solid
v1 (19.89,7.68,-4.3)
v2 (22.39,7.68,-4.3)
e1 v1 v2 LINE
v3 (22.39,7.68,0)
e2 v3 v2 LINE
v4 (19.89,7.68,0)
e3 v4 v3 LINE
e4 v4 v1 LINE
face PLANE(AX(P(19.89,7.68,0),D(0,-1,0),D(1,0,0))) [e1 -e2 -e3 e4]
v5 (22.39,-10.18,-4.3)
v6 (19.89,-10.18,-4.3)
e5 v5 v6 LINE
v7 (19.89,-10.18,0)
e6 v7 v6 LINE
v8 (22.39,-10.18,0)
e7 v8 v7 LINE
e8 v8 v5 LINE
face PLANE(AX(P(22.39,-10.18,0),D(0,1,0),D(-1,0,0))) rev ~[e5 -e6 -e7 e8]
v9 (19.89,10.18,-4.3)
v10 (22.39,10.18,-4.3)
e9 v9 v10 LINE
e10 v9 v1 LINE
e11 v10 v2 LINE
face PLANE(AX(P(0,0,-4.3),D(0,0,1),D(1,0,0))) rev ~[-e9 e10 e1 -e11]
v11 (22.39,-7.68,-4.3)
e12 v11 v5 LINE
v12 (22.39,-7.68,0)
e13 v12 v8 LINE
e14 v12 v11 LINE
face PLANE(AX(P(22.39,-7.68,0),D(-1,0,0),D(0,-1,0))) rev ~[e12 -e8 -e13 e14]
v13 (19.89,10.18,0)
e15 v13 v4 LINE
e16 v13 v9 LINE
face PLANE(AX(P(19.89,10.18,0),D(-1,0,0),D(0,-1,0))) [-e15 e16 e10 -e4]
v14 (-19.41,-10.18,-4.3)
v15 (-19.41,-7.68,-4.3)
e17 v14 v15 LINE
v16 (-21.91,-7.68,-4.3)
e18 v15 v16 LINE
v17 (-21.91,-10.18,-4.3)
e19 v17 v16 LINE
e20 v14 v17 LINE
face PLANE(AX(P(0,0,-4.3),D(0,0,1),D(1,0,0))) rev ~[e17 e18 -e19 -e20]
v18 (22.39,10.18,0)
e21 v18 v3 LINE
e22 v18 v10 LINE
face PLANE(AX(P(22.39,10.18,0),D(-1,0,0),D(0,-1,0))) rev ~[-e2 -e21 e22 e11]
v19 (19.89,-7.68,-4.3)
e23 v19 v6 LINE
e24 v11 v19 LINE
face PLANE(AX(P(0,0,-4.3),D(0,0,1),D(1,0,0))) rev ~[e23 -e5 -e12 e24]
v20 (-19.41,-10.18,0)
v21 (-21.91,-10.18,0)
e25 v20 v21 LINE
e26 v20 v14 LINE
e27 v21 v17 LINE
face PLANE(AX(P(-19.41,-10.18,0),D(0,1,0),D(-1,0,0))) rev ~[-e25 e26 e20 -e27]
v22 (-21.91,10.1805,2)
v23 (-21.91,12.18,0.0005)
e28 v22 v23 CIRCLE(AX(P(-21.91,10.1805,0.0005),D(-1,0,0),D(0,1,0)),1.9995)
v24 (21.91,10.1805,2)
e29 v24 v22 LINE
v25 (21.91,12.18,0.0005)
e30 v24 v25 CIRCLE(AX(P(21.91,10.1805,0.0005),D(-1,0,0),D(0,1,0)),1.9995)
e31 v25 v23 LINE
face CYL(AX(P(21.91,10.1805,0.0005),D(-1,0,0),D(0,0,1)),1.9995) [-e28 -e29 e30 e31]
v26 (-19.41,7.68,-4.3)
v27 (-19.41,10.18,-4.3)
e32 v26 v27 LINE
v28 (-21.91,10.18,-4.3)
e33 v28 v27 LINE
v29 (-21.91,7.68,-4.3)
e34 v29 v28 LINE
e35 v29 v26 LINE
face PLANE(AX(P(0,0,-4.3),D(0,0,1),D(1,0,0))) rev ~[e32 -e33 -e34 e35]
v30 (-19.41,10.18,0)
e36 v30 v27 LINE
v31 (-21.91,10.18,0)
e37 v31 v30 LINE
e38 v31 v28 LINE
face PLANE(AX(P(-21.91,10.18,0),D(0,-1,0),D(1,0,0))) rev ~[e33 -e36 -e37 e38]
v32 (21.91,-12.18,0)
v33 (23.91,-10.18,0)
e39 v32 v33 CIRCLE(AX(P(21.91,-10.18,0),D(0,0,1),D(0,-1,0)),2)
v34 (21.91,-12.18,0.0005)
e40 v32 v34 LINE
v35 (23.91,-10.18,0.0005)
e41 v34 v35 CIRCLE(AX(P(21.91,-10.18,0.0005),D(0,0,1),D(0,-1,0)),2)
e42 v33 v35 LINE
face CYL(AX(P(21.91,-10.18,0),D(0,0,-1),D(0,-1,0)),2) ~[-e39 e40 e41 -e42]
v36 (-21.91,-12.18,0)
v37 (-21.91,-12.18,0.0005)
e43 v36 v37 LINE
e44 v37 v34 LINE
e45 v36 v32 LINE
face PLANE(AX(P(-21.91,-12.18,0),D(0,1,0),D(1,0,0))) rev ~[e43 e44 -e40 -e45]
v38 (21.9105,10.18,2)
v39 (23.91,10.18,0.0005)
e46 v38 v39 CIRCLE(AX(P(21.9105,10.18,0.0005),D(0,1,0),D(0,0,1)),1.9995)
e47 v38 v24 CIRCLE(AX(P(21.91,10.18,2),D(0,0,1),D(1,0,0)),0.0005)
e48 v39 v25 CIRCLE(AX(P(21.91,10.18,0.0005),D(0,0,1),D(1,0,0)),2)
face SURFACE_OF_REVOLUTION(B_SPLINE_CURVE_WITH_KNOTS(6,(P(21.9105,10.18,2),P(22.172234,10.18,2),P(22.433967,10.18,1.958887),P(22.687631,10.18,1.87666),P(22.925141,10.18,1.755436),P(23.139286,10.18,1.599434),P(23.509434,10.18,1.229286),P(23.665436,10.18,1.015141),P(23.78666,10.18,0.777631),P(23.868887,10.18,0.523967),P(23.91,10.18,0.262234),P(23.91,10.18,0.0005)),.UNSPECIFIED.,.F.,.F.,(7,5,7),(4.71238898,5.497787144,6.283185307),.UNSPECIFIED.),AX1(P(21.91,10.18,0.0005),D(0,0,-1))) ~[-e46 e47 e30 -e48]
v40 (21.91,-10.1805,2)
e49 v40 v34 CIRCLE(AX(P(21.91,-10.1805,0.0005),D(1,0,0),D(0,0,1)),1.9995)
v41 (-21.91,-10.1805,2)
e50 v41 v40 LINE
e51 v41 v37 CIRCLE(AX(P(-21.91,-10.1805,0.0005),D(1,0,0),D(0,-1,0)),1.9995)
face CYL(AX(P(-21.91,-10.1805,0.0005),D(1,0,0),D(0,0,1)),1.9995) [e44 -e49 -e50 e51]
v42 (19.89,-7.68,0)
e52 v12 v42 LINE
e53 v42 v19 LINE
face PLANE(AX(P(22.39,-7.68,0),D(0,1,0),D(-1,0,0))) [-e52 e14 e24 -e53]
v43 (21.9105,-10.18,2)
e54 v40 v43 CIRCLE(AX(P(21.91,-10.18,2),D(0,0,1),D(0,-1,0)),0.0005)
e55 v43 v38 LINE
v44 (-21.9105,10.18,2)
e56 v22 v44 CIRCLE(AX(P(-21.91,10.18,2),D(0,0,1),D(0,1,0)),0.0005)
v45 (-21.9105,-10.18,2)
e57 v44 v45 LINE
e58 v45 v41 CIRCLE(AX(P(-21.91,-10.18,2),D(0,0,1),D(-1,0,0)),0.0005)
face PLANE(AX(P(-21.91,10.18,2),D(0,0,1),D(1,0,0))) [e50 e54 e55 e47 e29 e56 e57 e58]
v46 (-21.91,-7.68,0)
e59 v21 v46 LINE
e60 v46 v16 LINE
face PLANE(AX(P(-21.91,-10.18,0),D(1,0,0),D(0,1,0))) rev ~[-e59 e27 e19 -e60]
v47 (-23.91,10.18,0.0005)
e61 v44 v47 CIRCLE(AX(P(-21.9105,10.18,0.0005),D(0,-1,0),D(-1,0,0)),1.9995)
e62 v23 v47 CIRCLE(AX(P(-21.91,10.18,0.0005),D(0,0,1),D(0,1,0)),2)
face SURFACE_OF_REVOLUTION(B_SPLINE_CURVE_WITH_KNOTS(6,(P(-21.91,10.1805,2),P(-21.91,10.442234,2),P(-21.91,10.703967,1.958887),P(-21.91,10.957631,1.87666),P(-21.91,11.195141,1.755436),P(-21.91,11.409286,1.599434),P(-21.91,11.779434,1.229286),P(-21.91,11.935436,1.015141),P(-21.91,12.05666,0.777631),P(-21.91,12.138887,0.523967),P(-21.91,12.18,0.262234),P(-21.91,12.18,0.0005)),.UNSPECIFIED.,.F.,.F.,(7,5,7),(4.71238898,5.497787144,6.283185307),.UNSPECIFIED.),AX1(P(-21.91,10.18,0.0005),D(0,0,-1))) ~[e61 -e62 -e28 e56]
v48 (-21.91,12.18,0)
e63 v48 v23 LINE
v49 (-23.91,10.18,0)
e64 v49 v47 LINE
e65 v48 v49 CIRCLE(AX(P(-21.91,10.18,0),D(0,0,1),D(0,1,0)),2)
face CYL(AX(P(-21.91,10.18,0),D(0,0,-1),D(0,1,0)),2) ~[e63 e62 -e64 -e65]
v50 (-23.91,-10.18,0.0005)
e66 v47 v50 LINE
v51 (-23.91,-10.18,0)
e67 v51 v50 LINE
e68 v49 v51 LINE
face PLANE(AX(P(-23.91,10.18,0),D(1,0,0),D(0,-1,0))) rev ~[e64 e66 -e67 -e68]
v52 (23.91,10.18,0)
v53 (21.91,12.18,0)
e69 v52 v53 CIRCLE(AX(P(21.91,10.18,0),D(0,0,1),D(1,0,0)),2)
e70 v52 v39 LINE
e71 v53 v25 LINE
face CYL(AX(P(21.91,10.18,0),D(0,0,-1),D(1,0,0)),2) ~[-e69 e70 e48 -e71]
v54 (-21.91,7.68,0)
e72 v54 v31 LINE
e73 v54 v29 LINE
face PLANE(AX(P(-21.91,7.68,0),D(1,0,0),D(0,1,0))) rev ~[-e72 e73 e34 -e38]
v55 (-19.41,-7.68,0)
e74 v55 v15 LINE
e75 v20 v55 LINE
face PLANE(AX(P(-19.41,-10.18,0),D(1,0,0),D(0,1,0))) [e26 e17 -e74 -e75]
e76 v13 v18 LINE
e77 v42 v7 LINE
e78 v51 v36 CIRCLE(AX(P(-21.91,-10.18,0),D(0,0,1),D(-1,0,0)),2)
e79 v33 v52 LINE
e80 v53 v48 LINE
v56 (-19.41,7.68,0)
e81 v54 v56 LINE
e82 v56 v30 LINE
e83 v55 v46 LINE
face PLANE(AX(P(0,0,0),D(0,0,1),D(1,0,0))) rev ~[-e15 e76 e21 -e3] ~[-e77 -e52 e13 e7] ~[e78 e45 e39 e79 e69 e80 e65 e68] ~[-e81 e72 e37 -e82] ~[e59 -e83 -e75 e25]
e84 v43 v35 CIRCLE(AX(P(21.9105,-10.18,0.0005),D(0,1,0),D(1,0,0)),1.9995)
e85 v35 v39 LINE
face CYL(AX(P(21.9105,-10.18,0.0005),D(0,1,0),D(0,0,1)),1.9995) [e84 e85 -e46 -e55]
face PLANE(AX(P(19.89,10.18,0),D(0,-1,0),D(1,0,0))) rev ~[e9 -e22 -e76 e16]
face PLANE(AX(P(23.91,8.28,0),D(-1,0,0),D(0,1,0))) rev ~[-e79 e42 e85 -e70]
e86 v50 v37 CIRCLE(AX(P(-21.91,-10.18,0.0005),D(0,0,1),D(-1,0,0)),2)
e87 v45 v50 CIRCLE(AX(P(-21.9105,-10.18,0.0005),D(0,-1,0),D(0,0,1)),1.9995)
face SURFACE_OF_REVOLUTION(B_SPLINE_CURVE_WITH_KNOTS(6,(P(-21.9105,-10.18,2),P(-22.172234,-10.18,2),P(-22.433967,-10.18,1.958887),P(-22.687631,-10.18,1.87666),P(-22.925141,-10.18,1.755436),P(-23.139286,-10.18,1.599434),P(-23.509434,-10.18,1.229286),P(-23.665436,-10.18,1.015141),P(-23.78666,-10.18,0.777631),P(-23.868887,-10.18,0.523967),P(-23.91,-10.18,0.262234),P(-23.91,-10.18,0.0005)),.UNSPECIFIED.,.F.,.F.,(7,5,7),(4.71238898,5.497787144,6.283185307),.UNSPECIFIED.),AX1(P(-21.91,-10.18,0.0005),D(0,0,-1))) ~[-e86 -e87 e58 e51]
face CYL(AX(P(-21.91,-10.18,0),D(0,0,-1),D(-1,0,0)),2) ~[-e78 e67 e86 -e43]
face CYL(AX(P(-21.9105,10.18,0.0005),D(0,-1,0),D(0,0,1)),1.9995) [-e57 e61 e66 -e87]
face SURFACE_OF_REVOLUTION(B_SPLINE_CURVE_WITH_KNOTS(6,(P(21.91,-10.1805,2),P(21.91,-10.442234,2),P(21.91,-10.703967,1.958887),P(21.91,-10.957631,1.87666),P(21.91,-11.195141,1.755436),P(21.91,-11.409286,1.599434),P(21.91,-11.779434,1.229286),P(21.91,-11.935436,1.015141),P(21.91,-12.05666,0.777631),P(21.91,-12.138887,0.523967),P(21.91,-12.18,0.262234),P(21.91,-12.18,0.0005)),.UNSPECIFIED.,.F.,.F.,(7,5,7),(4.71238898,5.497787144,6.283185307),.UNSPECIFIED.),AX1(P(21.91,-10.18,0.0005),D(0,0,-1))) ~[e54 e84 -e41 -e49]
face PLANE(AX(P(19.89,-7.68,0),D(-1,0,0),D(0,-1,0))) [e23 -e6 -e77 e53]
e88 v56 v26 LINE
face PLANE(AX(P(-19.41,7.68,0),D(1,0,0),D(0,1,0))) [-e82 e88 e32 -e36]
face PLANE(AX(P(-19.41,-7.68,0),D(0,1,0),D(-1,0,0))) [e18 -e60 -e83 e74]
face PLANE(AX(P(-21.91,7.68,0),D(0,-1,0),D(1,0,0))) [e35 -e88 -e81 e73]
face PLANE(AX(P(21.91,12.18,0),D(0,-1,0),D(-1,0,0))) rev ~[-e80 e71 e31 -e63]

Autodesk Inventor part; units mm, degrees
ref_plane "YZ Plane" through (0, 0, 0) normal (1, 0, 0) x (0, 1, 0)
ref_plane "XZ Plane" through (0, 0, 0) normal (0, 1, 0) x (-1, 0, 0)
ref_plane "Work Plane1" through (0, 0, 0) normal (0, 0, 1) x (1, 0, 0)
sketch "Sketch1" plane through (0, 0, 0) normal (0, 0, 1) x (1, 0, 0)
  line L0 (21.91, 12.18) -> (-21.91, 12.18) projected
  arc A0 (-23.91, -10.18) -> (-21.91, -12.18) centre (-21.91, -10.18) ccw projected
  line L1 (-21.91, -12.18) -> (21.91, -12.18) projected
  arc A1 (21.91, -12.18) -> (23.91, -10.18) centre (21.91, -10.18) ccw projected
  line L2 (23.91, -10.18) -> (23.91, -3.9) projected
  line L3 (23.91, -3.9) -> (22.39, -3.9) projected
  line L4 (22.39, -3.9) -> (22.39, -10.18) projected
  line L5 (22.39, -10.18) -> (-21.91, -10.18) projected
  line L6 (-21.91, -10.18) -> (-21.91, 10.18) projected
  line L7 (-21.91, 10.18) -> (22.39, 10.18) projected
  line L8 (22.39, 10.18) -> (22.39, 8.28) projected
  line L9 (22.39, 8.28) -> (23.91, 8.28) projected
  line L10 (23.91, 8.28) -> (23.91, 10.18) projected
  arc A2 (23.91, 10.18) -> (21.91, 12.18) centre (21.91, 10.18) ccw projected
  line L11 (21.91, 12.18) -> (-21.91, 12.18) projected
  arc A3 (-21.91, 12.18) -> (-23.91, 10.18) centre (-21.91, 10.18) ccw projected
  line L12 (-23.91, 10.18) -> (-23.91, -10.18) projected
  point P0 (0, 0)
extrude "Extrusion1" add sketch "Sketch1" along normal blind 2
sketch "Sketch2" plane through (22.39, 8.28, 0) normal (0, -1, 0) x (1, 0, 0)
  line L0 (0, 0) -> (1.52, 0) projected
  line L1 (1.52, 0) -> (1.52, 2) projected
  line L2 (0, 2) -> (1.52, 2) projected
  line L3 (0, 0) -> (0, 2) projected
  point P0 (-22.39, 0)
extrude "Extrusion2" add sketch "Sketch2" along normal up to next
sketch "Sketch4" plane through (-21.91, 10.18, 0) normal (0, -1, 0) x (1, 0, 0)
  line L0 (0, 0) -> (44.3, 0) projected
  line L1 (44.3, 0) -> (44.3, 2) projected
  line L2 (0, 2) -> (44.3, 2) projected
  line L3 (0, 0) -> (0, 2) projected
  point P0 (21.91, 0)
extrude "Extrusion3" add sketch "Sketch4" along normal up to next
fillet "Fillet1" radius 2 8 edges at (-23.3242, 11.5942, 2) (-23.91, 0, 2) (-23.3242, -11.5942, 2) (0, -12.18, 2) (23.3242, -11.5942, 2) (23.91, 0, 2) (23.3242, 11.5942, 2) (0, 12.18, 2)
ref_plane "Work Plane2" through (-20.91, -9.18, -4.3) normal (0, 0, 1) x (1, 0, 0)
sketch "Sketch3" plane through (0, 0, 0) normal (0, 0, 1) x (1, 0, 0)
  line L0 (-21.91, 10.18) -> (-19.41, 10.18)
  line L1 (-19.41, 7.68) -> (-19.41, 10.18)
  line L2 (-21.91, 7.68) -> (-19.41, 7.68)
  line L3 (-21.91, 7.68) -> (-21.91, 10.18)
  line L4 (19.89, 10.18) -> (22.39, 10.18)
  line L5 (19.89, 10.18) -> (19.89, 7.68)
  line L6 (19.89, 7.68) -> (22.39, 7.68)
  line L7 (22.39, 10.18) -> (22.39, 7.68)
  line L8 (-19.41, -10.18) -> (-21.91, -10.18)
  line L9 (-19.41, -10.18) -> (-19.41, -7.68)
  line L10 (-19.41, -7.68) -> (-21.91, -7.68)
  line L11 (-21.91, -10.18) -> (-21.91, -7.68)
  line L12 (22.39, -7.68) -> (22.39, -10.18)
  line L13 (22.39, -7.68) -> (19.89, -7.68)
  line L14 (19.89, -7.68) -> (19.89, -10.18)
  line L15 (22.39, -10.18) -> (19.89, -10.18)
  point P0 (0, 0)
extrude "Extrusion4" add sketch "Sketch3" against normal up to surface (4.3 mm away)
properties part number "NanoCaseTop"
